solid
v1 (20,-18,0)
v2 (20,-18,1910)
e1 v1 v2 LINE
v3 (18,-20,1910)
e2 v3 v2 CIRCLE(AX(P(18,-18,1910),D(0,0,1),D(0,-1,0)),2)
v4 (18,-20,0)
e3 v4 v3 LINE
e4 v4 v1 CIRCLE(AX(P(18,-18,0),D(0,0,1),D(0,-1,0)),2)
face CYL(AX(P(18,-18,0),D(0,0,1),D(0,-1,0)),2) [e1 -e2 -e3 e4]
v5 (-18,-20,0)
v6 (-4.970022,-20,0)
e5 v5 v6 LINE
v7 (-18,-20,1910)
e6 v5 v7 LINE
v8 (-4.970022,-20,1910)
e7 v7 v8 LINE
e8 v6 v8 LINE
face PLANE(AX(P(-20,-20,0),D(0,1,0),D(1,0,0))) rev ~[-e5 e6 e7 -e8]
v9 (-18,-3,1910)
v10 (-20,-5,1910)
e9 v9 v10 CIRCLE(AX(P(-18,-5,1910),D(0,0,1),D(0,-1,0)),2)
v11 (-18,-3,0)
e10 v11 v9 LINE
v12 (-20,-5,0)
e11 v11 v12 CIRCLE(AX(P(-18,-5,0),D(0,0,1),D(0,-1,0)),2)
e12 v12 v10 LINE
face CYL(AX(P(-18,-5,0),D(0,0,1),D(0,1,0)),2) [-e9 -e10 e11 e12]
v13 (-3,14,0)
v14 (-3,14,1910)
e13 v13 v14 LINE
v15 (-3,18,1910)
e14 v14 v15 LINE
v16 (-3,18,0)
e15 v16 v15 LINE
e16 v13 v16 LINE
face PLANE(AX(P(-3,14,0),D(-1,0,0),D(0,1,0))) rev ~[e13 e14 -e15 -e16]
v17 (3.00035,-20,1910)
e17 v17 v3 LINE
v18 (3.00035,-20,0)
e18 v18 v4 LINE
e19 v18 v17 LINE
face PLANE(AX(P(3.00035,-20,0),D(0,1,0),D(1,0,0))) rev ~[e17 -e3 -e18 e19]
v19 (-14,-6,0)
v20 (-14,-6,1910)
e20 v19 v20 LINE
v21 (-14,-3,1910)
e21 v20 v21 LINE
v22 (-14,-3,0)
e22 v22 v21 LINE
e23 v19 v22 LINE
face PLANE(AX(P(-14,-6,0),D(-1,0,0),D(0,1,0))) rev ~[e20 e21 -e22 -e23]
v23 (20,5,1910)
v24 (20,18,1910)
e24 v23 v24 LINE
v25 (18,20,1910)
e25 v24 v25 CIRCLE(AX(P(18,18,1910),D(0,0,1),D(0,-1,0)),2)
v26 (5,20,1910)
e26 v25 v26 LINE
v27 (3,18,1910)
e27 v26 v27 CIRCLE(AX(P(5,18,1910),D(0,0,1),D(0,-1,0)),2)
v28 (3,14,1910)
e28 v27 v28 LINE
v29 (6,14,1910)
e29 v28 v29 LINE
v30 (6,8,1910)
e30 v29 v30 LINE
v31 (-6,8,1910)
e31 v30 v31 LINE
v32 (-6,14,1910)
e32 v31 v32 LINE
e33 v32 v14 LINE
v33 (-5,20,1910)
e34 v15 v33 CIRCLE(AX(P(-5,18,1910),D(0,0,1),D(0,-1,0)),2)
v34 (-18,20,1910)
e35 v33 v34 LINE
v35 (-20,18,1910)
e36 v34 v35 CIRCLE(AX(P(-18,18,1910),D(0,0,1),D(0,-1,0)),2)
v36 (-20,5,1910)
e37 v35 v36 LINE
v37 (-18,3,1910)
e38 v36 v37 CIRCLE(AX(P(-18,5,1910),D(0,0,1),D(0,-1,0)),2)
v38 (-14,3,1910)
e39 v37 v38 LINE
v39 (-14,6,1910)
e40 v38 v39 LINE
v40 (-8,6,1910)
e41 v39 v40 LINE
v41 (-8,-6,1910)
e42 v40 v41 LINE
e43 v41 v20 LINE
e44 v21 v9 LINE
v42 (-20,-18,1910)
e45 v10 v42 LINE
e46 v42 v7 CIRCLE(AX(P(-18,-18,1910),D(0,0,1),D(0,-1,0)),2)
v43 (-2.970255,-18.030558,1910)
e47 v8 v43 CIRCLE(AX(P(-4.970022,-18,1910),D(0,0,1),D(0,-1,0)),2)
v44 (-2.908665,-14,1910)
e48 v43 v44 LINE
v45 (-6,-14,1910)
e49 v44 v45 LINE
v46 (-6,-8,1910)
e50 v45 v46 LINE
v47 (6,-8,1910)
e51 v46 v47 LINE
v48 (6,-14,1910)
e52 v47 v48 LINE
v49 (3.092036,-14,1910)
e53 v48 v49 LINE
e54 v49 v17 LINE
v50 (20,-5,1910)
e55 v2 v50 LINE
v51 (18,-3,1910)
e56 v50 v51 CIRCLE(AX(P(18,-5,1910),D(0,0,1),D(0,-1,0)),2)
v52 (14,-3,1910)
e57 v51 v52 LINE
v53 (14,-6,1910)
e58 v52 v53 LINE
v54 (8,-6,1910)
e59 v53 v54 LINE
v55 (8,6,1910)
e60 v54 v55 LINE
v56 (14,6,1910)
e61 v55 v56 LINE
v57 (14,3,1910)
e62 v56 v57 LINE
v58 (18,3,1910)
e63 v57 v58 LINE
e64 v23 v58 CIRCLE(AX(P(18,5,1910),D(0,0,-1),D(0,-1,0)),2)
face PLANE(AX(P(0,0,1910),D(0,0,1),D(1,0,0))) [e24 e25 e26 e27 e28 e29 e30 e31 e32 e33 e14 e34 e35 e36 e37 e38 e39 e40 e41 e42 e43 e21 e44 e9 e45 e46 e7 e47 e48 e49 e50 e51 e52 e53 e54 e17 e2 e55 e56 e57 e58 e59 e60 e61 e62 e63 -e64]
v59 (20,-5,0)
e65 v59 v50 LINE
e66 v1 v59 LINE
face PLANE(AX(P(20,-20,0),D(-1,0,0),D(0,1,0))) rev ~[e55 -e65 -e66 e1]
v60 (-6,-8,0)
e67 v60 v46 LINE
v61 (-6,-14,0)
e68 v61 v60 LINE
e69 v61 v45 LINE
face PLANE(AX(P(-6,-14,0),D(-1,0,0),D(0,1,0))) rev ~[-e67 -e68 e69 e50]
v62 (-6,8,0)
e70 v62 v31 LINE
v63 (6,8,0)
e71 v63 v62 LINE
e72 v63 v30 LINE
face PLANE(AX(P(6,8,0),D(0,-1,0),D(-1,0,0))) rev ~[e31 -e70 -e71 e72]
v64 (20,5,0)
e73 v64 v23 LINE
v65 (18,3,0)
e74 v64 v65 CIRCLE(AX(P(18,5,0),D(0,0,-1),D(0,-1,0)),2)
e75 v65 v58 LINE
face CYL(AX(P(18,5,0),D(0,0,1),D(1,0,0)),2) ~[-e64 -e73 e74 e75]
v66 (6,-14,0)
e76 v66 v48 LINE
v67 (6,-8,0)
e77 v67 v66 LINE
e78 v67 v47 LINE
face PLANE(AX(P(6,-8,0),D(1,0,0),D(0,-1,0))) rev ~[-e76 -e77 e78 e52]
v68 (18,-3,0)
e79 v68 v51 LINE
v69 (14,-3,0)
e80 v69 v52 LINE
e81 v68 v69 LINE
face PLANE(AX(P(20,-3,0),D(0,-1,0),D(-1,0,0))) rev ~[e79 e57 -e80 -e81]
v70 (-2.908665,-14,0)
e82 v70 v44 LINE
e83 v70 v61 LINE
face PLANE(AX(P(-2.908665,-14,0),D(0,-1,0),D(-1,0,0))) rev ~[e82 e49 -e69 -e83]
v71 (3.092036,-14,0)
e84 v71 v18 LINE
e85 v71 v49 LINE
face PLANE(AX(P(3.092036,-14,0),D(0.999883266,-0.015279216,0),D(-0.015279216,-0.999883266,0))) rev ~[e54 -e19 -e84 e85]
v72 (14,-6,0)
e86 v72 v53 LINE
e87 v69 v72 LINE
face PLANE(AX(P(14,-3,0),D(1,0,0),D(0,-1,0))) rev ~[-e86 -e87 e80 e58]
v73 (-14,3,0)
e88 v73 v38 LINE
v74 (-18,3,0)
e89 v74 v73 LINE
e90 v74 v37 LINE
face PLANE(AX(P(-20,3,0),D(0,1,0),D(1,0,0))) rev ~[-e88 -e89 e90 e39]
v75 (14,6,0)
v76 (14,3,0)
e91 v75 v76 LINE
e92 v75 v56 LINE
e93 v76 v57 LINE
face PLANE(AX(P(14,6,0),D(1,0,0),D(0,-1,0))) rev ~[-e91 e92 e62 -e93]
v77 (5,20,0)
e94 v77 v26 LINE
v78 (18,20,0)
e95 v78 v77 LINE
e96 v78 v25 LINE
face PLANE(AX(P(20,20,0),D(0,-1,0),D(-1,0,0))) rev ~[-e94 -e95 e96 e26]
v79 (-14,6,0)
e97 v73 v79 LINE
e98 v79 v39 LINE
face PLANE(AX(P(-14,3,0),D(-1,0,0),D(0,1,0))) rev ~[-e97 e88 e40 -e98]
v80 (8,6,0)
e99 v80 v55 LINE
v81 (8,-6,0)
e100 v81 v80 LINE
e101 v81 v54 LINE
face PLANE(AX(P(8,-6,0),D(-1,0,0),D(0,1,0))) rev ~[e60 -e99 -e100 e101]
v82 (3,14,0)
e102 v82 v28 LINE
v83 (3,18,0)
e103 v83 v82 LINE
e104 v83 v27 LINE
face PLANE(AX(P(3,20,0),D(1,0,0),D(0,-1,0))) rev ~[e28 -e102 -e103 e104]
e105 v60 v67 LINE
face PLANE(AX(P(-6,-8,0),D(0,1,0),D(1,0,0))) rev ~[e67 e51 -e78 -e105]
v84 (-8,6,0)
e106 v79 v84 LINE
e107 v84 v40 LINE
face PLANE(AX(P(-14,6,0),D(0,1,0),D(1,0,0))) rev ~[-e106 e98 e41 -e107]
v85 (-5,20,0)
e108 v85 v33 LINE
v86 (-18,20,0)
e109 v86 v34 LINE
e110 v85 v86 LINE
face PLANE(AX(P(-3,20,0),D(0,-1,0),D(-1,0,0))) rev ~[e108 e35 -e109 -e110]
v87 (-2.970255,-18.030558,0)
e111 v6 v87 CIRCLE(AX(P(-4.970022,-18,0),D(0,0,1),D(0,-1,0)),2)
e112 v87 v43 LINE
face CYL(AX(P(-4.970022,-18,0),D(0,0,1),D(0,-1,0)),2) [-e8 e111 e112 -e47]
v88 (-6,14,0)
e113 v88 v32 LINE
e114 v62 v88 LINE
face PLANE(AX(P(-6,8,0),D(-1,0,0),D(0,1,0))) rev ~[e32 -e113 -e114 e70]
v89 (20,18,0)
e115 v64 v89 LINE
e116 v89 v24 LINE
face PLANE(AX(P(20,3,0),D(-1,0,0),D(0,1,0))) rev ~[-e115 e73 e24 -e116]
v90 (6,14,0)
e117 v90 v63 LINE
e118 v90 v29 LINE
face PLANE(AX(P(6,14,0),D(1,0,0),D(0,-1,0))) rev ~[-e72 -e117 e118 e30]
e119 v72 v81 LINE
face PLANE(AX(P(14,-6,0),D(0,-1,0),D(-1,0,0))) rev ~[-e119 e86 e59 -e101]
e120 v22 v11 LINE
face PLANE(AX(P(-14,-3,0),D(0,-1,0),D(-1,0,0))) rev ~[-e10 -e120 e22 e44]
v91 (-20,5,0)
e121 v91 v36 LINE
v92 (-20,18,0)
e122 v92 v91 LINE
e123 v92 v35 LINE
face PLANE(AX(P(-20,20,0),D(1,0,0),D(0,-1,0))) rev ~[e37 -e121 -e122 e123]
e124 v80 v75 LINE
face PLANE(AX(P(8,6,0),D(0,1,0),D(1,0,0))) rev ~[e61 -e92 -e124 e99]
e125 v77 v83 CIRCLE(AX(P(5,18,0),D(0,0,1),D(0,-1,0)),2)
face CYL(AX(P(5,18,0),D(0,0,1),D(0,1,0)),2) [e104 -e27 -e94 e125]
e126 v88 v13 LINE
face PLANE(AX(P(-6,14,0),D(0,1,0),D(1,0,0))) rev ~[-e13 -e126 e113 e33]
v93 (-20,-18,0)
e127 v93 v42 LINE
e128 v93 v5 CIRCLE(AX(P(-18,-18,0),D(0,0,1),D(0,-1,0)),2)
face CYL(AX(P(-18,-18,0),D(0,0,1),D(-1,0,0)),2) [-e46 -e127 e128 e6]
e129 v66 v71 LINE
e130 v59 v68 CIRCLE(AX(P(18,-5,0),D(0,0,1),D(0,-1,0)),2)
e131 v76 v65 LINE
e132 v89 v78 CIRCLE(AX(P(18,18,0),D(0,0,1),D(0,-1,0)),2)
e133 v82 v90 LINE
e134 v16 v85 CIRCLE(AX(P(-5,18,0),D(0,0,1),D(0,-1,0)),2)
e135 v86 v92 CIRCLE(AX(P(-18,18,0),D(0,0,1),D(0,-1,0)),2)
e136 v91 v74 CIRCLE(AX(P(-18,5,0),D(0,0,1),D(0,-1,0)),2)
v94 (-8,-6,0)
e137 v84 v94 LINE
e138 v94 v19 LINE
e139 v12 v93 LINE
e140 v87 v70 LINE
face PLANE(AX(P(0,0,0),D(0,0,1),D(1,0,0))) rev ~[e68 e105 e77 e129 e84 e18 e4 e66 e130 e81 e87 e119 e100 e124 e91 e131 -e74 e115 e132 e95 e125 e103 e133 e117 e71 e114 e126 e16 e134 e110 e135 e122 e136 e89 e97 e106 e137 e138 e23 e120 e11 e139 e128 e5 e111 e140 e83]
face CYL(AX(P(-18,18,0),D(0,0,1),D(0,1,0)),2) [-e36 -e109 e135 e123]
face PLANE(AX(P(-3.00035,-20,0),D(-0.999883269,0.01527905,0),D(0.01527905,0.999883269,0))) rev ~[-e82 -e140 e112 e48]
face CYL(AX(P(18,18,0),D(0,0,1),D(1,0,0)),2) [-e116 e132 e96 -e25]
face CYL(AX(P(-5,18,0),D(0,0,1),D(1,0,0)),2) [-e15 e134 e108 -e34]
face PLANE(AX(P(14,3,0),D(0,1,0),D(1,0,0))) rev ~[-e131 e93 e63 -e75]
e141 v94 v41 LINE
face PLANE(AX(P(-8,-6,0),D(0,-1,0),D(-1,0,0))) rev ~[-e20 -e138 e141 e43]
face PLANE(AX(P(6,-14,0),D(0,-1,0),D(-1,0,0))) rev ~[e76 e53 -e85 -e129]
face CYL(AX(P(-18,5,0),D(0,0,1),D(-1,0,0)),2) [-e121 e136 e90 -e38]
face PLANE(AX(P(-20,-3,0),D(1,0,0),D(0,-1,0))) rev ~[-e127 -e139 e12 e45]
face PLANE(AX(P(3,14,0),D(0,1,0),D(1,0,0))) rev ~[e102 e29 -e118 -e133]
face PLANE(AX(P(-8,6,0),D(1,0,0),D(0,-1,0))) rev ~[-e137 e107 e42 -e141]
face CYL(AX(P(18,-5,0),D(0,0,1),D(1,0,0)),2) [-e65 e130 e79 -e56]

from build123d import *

# Parameters (mm, degrees)
F1_DEPTH = 1910
F2_R     = 2


with BuildPart() as f1:
    # F0 (on Top) → F1 (new body)
    with BuildSketch(Plane.XY):
        Polygon((20, 3), (20, 20), (3, 20), (3, 14), (6, 14), (6, 8), (-6, 8), (-6, 14), (-3, 14), (-3, 20), (-20, 20), (-20, 3), (-14, 3), (-14, 6), (-8, 6), (-8, -6), (-14, -6), (-14, -3), (-20, -3), (-20, -20), (-3.00035, -20), (-2.908665, -14), (-6, -14), (-6, -8), (6, -8), (6, -14), (3.092036, -14), (3.00035, -20), (20, -20), (20, -3), (14, -3), (14, -6), (8, -6), (8, 6), (14, 6), (14, 3), align=None)
    extrude(amount=F1_DEPTH)

    # F2
    f2_edges = [f1.edges().sort_by_distance(p)[0] for p in [
        (20, 3, 955),
        (20, 20, 955),
        (20, -20, 955),
        (20, -3, 955),
        (-3.00035, -20, 955),
        (-3, 20, 955),
        (3, 20, 955),
        (-20, 20, 955),
        (-20, -3, 955),
        (-20, 3, 955),
        (-20, -20, 955),
    ]]
    fillet(f2_edges, radius=F2_R)


solid = f1.part
